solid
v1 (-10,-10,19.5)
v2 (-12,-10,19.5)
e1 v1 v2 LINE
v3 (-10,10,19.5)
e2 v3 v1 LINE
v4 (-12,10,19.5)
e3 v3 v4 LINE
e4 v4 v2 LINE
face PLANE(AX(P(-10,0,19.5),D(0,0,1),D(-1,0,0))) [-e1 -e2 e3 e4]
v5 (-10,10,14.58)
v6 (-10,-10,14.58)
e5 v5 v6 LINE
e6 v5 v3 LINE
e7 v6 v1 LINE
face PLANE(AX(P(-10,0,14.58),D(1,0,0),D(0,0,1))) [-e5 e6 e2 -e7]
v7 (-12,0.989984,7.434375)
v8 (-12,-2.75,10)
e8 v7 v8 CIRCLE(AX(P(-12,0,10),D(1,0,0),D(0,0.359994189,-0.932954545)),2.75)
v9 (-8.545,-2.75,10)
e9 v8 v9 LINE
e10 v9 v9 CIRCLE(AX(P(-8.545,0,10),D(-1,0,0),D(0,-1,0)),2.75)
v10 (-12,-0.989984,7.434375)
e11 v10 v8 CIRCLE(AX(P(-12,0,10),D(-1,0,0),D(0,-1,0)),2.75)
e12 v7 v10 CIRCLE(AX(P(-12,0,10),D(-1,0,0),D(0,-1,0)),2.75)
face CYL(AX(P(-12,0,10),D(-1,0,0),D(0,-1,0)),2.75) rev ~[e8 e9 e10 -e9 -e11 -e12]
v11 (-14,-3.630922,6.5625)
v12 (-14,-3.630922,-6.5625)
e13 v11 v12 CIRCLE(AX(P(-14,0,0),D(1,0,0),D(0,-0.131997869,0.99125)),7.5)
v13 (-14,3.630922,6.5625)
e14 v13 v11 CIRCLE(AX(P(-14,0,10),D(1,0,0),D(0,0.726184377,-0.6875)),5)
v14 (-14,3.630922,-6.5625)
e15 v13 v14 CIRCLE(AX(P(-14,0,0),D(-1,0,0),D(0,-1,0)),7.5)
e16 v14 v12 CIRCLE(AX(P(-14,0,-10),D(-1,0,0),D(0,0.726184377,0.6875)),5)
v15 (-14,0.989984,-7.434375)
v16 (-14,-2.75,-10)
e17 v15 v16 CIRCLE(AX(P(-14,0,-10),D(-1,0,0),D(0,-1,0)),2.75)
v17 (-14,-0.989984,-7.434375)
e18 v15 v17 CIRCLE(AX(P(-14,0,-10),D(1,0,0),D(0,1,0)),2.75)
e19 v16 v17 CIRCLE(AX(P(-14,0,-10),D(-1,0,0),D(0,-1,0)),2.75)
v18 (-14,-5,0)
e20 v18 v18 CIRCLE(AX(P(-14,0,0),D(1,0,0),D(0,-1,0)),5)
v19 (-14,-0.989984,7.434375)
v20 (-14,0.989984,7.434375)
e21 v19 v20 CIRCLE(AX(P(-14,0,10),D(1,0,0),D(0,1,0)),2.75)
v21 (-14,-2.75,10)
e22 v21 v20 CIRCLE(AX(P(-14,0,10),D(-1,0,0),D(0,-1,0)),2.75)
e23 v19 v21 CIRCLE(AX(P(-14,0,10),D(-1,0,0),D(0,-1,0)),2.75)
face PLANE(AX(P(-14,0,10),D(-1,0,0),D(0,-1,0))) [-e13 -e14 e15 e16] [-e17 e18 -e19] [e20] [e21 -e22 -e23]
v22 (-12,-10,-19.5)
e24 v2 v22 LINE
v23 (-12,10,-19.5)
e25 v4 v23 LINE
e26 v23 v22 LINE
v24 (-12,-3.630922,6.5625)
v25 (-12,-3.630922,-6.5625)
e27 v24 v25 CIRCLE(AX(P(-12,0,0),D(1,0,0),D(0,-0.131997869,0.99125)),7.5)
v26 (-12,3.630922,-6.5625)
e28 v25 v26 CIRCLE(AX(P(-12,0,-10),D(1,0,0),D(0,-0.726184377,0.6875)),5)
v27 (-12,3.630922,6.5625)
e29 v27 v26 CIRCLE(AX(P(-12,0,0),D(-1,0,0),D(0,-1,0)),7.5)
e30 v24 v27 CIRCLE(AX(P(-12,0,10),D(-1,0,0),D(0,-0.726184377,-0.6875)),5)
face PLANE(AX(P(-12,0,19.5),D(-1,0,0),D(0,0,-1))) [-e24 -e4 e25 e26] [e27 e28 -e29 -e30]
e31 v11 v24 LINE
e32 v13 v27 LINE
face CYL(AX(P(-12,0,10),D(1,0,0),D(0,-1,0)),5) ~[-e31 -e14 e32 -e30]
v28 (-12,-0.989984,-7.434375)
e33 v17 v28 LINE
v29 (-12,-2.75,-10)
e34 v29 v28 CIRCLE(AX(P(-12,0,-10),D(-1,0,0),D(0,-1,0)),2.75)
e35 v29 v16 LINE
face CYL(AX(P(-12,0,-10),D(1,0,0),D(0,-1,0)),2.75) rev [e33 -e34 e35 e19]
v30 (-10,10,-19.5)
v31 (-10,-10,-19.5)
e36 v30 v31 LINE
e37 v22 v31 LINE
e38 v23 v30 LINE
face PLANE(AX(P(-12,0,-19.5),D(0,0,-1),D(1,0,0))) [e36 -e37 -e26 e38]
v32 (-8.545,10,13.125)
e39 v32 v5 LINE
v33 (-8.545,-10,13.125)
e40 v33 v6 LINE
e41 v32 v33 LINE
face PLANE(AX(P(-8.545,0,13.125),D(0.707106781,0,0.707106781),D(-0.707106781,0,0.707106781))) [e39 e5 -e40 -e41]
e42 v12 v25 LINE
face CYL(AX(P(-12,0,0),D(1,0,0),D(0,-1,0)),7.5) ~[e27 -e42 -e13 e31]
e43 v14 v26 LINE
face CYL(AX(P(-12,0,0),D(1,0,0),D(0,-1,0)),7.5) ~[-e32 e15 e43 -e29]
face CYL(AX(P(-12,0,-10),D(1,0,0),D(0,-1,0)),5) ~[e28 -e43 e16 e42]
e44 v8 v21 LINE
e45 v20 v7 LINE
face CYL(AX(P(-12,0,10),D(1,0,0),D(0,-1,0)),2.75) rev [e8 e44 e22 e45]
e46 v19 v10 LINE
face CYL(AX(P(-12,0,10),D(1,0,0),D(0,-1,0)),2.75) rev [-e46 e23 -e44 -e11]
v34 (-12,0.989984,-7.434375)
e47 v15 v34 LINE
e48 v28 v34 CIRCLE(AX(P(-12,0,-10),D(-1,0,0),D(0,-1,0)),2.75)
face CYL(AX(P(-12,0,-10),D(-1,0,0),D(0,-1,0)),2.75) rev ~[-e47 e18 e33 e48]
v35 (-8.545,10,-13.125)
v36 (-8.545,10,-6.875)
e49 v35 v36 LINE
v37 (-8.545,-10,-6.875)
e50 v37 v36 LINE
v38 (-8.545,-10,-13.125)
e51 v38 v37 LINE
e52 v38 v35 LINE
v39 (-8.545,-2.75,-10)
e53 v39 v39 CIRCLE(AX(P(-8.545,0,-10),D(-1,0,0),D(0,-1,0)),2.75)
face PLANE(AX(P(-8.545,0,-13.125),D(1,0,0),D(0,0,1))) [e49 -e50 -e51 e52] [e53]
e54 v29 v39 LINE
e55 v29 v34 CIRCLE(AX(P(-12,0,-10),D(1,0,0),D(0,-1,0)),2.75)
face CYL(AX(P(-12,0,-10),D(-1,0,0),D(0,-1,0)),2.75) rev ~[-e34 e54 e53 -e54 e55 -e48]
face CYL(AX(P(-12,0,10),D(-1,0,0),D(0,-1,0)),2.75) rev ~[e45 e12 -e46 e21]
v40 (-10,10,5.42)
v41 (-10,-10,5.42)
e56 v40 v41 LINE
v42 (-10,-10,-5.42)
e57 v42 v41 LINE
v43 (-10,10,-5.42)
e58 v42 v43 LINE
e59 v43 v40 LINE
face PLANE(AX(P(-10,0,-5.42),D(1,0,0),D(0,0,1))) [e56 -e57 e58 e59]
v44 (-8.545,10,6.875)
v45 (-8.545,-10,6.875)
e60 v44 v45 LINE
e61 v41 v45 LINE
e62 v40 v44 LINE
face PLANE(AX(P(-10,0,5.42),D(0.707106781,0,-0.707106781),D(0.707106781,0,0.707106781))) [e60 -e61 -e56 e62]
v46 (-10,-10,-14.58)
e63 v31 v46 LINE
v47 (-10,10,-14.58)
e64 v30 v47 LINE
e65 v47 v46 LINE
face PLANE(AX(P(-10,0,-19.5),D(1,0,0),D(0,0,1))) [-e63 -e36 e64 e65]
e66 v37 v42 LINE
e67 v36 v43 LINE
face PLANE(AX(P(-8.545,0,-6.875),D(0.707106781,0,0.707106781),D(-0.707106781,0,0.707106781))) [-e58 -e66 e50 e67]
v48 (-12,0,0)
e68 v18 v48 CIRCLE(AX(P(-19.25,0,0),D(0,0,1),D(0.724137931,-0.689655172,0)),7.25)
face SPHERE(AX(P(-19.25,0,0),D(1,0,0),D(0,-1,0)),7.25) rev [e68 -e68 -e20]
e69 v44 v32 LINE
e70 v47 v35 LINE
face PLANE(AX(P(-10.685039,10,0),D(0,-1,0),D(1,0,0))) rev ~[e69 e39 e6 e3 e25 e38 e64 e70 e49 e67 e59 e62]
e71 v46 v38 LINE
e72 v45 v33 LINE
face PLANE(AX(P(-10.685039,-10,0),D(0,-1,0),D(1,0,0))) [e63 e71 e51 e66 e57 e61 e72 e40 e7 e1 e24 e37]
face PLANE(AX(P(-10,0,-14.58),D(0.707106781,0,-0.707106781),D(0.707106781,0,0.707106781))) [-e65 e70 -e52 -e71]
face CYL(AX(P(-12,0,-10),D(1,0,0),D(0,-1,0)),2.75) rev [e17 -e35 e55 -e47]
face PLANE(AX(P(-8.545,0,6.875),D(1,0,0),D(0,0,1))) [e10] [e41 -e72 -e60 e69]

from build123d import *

# Parameters (mm, degrees)
F2_DEPTH  = 10
F3_R      = 7.5
F4_DEPTH  = 2
F8_D      = 5.5
F8_DEPTH  = 3.456
F9_R      = 2.75
F10_DEPTH = 25
F11_R     = 5
F11_R_2   = 2.75
F12_DEPTH = 2


with BuildPart() as f2:
    # F1 (on Front) → F2 (new body, symmetric)
    with BuildSketch(Plane.XZ):
        Polygon((-10, -5.42), (-10, 5.42), (-8.545, 6.875), (-8.545, 13.125), (-10, 14.58), (-10, 19.5), (-12, 19.5), (-12, -19.5), (-10, -19.5), (-10, -14.58), (-8.545, -13.125), (-8.545, -6.875), align=None)
    extrude(amount=F2_DEPTH, both=True)

    # F3 (on face) → F4 (join)
    with BuildSketch(Plane(origin=(-12, 0, 0), x_dir=(0, -1, 0), z_dir=(-1, 0, 0))):
        Circle(F3_R)
    extrude(amount=F4_DEPTH)

    # F5 (on Top) → F6 (revolve, cut)
    with BuildSketch(Plane.XY):
        with BuildLine():
            Line((-14, 0), (-14, -5))
            ThreePointArc((-14, -5), (-12.5185439911, -2.6925824036), (-12, 0))
            Line((-12, 0), (-14, 0))
        make_face()
    revolve(axis=Axis((-13, 0, 0), (-1, 0, 0)), mode=Mode.SUBTRACT)

    # F8 (through all, one way)
    with BuildSketch(Plane(origin=(-12, 0, 0), x_dir=(0, -1, 0), z_dir=(-1, 0, 0))):
        with Locations((0, 10), (0, -10)):
            Circle(F8_D / 2)
    extrude(amount=-F8_DEPTH, mode=Mode.SUBTRACT)

    # F9 (on face) → F10 (cut)
    with BuildSketch(Plane.YZ.offset(-8.545)):
        with Locations((0, 10)):
            Circle(F9_R)
        with Locations((0, -10)):
            Circle(F9_R)
    extrude(amount=-F10_DEPTH, mode=Mode.SUBTRACT)

    # F11 (on face) → F12 (join, through all)
    with BuildSketch(Plane(origin=(-12, 0, 0), x_dir=(0, -1, 0), z_dir=(-1, 0, 0))):
        with Locations((0, 10)):
            Circle(F11_R)
        with Locations((0, 10)):
            Circle(F11_R_2, mode=Mode.SUBTRACT)
        with Locations((0, -10)):
            Circle(F11_R)
        with Locations((0, -10)):
            Circle(F11_R_2, mode=Mode.SUBTRACT)
    extrude(amount=F12_DEPTH)


solid = f2.part
